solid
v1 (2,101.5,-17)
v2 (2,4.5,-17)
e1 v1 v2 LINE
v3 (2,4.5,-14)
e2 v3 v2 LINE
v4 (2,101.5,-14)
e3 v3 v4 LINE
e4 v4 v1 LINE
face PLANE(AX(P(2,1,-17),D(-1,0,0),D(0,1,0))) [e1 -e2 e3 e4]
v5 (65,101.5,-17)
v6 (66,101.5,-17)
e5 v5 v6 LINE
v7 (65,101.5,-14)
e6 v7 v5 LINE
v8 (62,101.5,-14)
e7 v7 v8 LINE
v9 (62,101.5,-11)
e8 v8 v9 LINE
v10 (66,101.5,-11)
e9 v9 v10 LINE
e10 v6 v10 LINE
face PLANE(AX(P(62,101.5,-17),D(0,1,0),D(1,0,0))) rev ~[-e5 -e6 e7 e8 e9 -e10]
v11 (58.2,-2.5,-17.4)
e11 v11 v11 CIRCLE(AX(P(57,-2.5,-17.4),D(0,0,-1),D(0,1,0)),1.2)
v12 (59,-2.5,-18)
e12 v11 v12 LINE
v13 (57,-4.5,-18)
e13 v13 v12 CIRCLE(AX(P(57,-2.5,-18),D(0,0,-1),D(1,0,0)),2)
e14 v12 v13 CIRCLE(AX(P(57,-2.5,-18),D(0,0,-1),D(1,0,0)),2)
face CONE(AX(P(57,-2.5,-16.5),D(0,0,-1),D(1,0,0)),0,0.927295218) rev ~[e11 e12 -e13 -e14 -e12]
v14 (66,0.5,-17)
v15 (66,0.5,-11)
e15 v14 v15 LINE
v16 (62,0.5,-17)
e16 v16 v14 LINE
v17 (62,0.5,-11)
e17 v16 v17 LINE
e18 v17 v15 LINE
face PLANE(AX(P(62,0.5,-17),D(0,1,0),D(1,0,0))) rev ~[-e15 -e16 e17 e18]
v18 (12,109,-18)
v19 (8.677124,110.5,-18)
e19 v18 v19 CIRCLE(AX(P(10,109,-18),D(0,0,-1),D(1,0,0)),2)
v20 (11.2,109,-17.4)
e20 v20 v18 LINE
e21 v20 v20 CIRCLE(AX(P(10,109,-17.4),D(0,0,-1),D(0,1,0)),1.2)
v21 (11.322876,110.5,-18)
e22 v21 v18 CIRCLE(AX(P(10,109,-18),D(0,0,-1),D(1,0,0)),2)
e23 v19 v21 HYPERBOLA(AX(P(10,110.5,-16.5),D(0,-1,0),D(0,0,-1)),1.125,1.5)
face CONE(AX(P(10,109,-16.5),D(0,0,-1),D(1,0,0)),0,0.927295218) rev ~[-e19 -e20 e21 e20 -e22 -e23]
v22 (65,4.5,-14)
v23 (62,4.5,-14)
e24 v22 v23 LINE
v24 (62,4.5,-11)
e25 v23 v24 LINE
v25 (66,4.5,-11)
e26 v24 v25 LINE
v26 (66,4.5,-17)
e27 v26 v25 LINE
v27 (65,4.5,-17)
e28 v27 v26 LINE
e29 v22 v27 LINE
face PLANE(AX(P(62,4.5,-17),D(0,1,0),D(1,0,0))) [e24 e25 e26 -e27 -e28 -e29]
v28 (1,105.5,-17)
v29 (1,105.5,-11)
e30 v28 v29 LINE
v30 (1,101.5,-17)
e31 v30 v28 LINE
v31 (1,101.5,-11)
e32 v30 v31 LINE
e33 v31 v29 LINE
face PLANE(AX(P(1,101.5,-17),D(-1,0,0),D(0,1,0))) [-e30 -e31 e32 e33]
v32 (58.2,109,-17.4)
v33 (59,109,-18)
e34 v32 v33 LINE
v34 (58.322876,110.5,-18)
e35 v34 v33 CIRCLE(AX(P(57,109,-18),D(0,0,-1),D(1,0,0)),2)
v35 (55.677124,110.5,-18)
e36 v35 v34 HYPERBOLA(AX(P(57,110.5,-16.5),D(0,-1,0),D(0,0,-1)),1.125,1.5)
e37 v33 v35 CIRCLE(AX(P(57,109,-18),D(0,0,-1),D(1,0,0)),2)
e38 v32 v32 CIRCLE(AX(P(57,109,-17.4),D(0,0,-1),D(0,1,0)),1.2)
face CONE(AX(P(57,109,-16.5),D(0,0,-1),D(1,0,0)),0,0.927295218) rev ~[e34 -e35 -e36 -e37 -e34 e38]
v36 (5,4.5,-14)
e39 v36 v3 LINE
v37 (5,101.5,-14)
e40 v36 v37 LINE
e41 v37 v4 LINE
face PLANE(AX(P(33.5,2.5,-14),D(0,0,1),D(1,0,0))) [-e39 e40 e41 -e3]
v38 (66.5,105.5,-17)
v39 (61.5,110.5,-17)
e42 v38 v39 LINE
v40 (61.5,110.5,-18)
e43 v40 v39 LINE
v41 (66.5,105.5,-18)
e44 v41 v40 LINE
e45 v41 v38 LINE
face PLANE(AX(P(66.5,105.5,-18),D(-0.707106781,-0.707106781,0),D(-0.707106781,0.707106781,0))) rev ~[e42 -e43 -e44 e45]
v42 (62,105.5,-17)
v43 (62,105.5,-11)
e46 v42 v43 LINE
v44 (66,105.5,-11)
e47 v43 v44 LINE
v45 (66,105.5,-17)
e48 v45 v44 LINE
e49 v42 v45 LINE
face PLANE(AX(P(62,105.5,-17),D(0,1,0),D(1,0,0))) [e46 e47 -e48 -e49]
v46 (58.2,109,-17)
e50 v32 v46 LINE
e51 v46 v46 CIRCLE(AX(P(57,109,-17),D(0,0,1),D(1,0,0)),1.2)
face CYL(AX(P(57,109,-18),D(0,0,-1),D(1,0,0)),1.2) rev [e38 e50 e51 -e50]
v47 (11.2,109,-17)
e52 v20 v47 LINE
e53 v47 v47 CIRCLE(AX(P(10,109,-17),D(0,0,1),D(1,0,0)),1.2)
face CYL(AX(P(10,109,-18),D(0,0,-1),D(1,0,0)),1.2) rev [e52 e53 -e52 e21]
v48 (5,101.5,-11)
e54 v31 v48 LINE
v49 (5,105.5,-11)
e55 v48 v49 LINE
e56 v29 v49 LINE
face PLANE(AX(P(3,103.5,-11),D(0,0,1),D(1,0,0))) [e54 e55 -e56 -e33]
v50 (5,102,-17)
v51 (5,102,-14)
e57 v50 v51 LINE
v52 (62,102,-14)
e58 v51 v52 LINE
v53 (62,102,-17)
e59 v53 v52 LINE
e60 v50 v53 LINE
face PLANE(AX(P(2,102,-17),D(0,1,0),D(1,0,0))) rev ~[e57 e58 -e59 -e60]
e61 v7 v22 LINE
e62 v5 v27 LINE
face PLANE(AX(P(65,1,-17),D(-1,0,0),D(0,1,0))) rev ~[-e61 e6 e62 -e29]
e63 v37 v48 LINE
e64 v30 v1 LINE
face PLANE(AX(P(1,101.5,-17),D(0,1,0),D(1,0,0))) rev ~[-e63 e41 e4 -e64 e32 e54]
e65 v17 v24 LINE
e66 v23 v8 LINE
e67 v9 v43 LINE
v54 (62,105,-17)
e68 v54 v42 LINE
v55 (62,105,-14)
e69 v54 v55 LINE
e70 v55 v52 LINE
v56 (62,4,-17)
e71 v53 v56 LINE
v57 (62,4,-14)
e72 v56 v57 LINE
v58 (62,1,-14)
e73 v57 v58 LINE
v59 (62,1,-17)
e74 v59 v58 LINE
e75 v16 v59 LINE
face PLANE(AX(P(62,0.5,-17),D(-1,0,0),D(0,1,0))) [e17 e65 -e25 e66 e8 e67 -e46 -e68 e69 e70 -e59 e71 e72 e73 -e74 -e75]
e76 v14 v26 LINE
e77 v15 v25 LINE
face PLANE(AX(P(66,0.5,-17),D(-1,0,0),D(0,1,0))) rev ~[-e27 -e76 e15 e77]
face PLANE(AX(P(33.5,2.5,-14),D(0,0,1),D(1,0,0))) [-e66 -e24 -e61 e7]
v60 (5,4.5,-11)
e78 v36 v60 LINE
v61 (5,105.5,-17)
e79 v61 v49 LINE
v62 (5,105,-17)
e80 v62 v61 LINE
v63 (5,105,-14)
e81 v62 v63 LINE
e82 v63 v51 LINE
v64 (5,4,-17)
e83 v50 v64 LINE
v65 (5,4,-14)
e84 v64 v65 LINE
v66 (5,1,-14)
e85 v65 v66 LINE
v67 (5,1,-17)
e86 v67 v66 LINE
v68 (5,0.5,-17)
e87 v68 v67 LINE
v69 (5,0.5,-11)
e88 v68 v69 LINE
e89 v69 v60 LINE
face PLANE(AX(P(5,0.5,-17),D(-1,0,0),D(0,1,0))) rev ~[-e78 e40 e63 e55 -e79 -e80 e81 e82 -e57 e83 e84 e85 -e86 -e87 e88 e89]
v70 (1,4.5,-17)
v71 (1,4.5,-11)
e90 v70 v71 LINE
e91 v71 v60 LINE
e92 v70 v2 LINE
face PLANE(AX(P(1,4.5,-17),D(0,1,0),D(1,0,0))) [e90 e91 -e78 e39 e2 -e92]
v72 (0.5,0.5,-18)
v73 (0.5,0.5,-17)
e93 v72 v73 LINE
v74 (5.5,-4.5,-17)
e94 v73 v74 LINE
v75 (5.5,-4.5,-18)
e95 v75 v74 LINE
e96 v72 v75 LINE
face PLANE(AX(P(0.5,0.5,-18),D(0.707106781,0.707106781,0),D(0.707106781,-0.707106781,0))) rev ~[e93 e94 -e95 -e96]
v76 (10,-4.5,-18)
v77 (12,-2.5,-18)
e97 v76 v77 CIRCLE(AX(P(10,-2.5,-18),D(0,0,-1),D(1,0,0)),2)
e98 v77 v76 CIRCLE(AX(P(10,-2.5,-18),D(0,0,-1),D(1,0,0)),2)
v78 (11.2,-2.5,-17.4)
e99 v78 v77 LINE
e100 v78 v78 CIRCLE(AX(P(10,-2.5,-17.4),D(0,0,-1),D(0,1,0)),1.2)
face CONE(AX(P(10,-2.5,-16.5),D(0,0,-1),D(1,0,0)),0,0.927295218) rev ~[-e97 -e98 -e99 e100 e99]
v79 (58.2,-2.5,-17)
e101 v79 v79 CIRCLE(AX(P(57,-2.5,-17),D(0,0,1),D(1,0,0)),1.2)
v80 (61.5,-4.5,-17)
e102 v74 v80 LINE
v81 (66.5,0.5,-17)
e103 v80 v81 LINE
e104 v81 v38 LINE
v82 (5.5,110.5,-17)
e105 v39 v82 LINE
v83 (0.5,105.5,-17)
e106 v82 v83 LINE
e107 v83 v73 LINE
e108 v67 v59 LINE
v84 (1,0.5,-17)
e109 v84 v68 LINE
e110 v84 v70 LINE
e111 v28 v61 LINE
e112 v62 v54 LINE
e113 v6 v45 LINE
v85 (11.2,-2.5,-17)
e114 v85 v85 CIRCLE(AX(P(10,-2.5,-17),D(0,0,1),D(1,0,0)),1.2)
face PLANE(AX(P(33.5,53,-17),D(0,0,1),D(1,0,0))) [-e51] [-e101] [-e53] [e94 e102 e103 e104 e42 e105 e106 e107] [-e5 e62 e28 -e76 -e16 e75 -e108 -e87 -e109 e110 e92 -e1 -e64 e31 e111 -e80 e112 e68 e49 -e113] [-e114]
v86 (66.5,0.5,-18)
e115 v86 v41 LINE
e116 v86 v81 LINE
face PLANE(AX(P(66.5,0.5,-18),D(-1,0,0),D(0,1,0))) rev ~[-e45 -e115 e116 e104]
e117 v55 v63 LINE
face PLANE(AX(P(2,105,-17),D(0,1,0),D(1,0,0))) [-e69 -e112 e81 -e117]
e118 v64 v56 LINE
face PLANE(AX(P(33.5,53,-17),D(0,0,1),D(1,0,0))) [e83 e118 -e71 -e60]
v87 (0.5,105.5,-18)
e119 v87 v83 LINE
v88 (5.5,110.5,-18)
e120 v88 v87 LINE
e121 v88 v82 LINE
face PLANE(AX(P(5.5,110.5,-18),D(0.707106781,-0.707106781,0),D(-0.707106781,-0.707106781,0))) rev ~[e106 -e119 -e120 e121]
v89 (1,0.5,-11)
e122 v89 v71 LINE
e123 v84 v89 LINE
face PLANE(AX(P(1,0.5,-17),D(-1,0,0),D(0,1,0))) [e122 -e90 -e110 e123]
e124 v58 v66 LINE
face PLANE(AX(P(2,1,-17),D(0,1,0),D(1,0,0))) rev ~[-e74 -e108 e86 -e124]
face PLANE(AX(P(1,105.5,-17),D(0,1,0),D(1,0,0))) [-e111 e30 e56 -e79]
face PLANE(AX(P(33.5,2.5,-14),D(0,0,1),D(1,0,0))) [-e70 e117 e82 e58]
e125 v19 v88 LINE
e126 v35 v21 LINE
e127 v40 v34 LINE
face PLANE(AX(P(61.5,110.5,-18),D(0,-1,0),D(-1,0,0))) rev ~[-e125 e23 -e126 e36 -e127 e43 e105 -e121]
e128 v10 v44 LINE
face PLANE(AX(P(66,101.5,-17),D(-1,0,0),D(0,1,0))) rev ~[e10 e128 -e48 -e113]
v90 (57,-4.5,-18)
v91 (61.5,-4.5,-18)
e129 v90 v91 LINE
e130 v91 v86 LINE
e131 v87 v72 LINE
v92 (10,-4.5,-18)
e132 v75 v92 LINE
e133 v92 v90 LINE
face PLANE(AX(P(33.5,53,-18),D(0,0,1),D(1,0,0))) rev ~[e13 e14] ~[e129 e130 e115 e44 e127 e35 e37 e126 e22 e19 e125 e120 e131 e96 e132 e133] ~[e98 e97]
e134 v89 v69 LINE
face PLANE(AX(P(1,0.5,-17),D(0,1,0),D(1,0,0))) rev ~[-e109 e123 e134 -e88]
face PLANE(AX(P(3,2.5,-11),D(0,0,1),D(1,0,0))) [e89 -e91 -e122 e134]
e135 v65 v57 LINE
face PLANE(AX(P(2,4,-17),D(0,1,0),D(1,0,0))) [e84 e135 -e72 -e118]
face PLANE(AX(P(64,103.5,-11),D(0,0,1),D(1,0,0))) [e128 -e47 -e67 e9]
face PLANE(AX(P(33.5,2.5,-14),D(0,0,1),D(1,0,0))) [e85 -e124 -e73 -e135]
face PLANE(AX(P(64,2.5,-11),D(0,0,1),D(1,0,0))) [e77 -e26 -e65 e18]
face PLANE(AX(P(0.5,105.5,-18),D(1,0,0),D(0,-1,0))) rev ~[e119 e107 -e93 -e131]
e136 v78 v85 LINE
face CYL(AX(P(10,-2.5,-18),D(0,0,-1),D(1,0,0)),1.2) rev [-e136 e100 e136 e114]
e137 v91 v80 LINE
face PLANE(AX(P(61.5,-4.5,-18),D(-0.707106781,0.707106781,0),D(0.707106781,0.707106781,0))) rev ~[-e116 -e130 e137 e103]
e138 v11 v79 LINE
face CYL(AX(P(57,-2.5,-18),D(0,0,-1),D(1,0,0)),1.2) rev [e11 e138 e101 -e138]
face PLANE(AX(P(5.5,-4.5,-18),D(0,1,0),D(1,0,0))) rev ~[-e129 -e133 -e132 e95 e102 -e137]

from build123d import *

# Parameters (mm, degrees)
BOX022_W          = 63
BOX022_H          = 3
BOX022_DEPTH      = 3
BOX023_W          = 3
BOX023_H          = 104
BOX023_DEPTH      = 3
BOX024_W          = 3
BOX024_H          = 104
BOX024_DEPTH      = 3
BOX018_W          = 4
BOX018_H          = 4
BOX018_DEPTH      = 6
BOX017_W          = 4
BOX017_H          = 4
BOX017_DEPTH      = 6
BOX020_W          = 4
BOX020_H          = 4
BOX020_DEPTH      = 6
BOX019_W          = 4
BOX019_H          = 4
BOX019_DEPTH      = 6
BOX021_W          = 63
BOX021_H          = 3
BOX021_DEPTH      = 3
CYLINDER001_R     = 1.2
CYLINDER001_DEPTH = 1
CYLINDER002_R     = 1.2
CYLINDER002_DEPTH = 1
CYLINDER003_R     = 1.2
CYLINDER003_DEPTH = 1
CYLINDER_R        = 1.2
CYLINDER_DEPTH    = 1
PAD003_DEPTH      = 1


with BuildPart() as cone002:
    # Cone002 → Cone002 (revolve)
    with BuildSketch(Plane(origin=(10, 109, -16.5), x_dir=(1, 0, 0), z_dir=(0, 1, 0))):
        Polygon((0, 0), (2, 1.5), (0, 1.5), align=None)
    revolve(axis=Axis((10, 109, -16.5), (0, 0, -1)))


with BuildPart() as cone001:
    # Cone001 → Cone001 (revolve)
    with BuildSketch(Plane(origin=(10, -2.5, -16.5), x_dir=(1, 0, 0), z_dir=(0, 1, 0))):
        Polygon((0, 0), (2, 1.5), (0, 1.5), align=None)
    revolve(axis=Axis((10, -2.5, -16.5), (0, 0, -1)))


with BuildPart() as cone003:
    # Cone003 → Cone003 (revolve)
    with BuildSketch(Plane(origin=(57, 109, -16.5), x_dir=(1, 0, 0), z_dir=(0, 1, 0))):
        Polygon((0, 0), (2, 1.5), (0, 1.5), align=None)
    revolve(axis=Axis((57, 109, -16.5), (0, 0, -1)))


with BuildPart() as fusion010:
    # Cone → Cone (revolve)
    with BuildSketch(Plane(origin=(57, -2.5, -16.5), x_dir=(1, 0, 0), z_dir=(0, 1, 0))):
        Polygon((0, 0), (2, 1.5), (0, 1.5), align=None)
    revolve(axis=Axis((57, -2.5, -16.5), (0, 0, -1)))

    # Fusion010: union Cone002, Cone001, Cone003
    add(cone002.part)
    add(cone001.part)
    add(cone003.part)


with BuildPart() as cube022:
    # Box022 → Box022 (new body)
    with BuildSketch(Plane(origin=(2, 102, -17), x_dir=(1, 0, 0), z_dir=(0, 0, 1))):
        with Locations((31.5, 1.5)):
            Rectangle(BOX022_W, BOX022_H)
    extrude(amount=BOX022_DEPTH)


with BuildPart() as cube023:
    # Box023 → Box023 (new body)
    with BuildSketch(Plane(origin=(2, 1, -17), x_dir=(1, 0, 0), z_dir=(0, 0, 1))):
        with Locations((1.5, 52)):
            Rectangle(BOX023_W, BOX023_H)
    extrude(amount=BOX023_DEPTH)


with BuildPart() as cube024:
    # Box024 → Box024 (new body)
    with BuildSketch(Plane(origin=(62, 1, -17), x_dir=(1, 0, 0), z_dir=(0, 0, 1))):
        with Locations((1.5, 52)):
            Rectangle(BOX024_W, BOX024_H)
    extrude(amount=BOX024_DEPTH)


with BuildPart() as cube018:
    # Box018 → Box018 (new body)
    with BuildSketch(Plane(origin=(1, 101.5, -17), x_dir=(1, 0, 0), z_dir=(0, 0, 1))):
        with Locations((2, 2)):
            Rectangle(BOX018_W, BOX018_H)
    extrude(amount=BOX018_DEPTH)


with BuildPart() as cube017:
    # Box017 → Box017 (new body)
    with BuildSketch(Plane(origin=(1, 0.5, -17), x_dir=(1, 0, 0), z_dir=(0, 0, 1))):
        with Locations((2, 2)):
            Rectangle(BOX017_W, BOX017_H)
    extrude(amount=BOX017_DEPTH)


with BuildPart() as cube020:
    # Box020 → Box020 (new body)
    with BuildSketch(Plane(origin=(62, 0.5, -17), x_dir=(1, 0, 0), z_dir=(0, 0, 1))):
        with Locations((2, 2)):
            Rectangle(BOX020_W, BOX020_H)
    extrude(amount=BOX020_DEPTH)


with BuildPart() as cube019:
    # Box019 → Box019 (new body)
    with BuildSketch(Plane(origin=(62, 101.5, -17), x_dir=(1, 0, 0), z_dir=(0, 0, 1))):
        with Locations((2, 2)):
            Rectangle(BOX019_W, BOX019_H)
    extrude(amount=BOX019_DEPTH)


with BuildPart() as fusion011:
    # Box021 → Box021 (new body)
    with BuildSketch(Plane(origin=(2, 1, -17), x_dir=(1, 0, 0), z_dir=(0, 0, 1))):
        with Locations((31.5, 1.5)):
            Rectangle(BOX021_W, BOX021_H)
    extrude(amount=BOX021_DEPTH)

    # Fusion011: union Cube022, Cube023, Cube024, Cube018, Cube017, Cube020, Cube019
    add(cube022.part)
    add(cube023.part)
    add(cube024.part)
    add(cube018.part)
    add(cube017.part)
    add(cube020.part)
    add(cube019.part)


with BuildPart() as cylinder001:
    # Cylinder001 → Cylinder001 (new body)
    with BuildSketch(Plane(origin=(57, -2.5, -18), x_dir=(1, 0, 0), z_dir=(0, 0, 1))):
        Circle(CYLINDER001_R)
    extrude(amount=CYLINDER001_DEPTH)


with BuildPart() as cylinder002:
    # Cylinder002 → Cylinder002 (new body)
    with BuildSketch(Plane(origin=(57, 109, -18), x_dir=(1, 0, 0), z_dir=(0, 0, 1))):
        Circle(CYLINDER002_R)
    extrude(amount=CYLINDER002_DEPTH)


with BuildPart() as cylinder003:
    # Cylinder003 → Cylinder003 (new body)
    with BuildSketch(Plane(origin=(10, 109, -18), x_dir=(1, 0, 0), z_dir=(0, 0, 1))):
        Circle(CYLINDER003_R)
    extrude(amount=CYLINDER003_DEPTH)


with BuildPart() as fusion006:
    # Cylinder → Cylinder (new body)
    with BuildSketch(Plane(origin=(10, -2.5, -18), x_dir=(1, 0, 0), z_dir=(0, 0, 1))):
        Circle(CYLINDER_R)
    extrude(amount=CYLINDER_DEPTH)

    # Fusion006: union Cylinder001, Cylinder002, Cylinder003
    add(cylinder001.part)
    add(cylinder002.part)
    add(cylinder003.part)


with BuildPart() as cut004:
    # Sketch003 → Pad003 (new body)
    with BuildSketch(Plane.XY.offset(-18)):
        Polygon((0.5, 0.5), (5.5, -4.5), (61.5, -4.5), (66.5, 0.5), (66.5, 105.5), (61.5, 110.5), (5.5, 110.5), (0.5, 105.5), align=None)
    extrude(amount=PAD003_DEPTH)

    # Cut002: cut Fusion006
    add(fusion006.part, mode=Mode.SUBTRACT)

    # Fusion012: union Fusion011
    add(fusion011.part)

    # Cut004: cut Fusion010
    add(fusion010.part, mode=Mode.SUBTRACT)


solid = cut004.part
